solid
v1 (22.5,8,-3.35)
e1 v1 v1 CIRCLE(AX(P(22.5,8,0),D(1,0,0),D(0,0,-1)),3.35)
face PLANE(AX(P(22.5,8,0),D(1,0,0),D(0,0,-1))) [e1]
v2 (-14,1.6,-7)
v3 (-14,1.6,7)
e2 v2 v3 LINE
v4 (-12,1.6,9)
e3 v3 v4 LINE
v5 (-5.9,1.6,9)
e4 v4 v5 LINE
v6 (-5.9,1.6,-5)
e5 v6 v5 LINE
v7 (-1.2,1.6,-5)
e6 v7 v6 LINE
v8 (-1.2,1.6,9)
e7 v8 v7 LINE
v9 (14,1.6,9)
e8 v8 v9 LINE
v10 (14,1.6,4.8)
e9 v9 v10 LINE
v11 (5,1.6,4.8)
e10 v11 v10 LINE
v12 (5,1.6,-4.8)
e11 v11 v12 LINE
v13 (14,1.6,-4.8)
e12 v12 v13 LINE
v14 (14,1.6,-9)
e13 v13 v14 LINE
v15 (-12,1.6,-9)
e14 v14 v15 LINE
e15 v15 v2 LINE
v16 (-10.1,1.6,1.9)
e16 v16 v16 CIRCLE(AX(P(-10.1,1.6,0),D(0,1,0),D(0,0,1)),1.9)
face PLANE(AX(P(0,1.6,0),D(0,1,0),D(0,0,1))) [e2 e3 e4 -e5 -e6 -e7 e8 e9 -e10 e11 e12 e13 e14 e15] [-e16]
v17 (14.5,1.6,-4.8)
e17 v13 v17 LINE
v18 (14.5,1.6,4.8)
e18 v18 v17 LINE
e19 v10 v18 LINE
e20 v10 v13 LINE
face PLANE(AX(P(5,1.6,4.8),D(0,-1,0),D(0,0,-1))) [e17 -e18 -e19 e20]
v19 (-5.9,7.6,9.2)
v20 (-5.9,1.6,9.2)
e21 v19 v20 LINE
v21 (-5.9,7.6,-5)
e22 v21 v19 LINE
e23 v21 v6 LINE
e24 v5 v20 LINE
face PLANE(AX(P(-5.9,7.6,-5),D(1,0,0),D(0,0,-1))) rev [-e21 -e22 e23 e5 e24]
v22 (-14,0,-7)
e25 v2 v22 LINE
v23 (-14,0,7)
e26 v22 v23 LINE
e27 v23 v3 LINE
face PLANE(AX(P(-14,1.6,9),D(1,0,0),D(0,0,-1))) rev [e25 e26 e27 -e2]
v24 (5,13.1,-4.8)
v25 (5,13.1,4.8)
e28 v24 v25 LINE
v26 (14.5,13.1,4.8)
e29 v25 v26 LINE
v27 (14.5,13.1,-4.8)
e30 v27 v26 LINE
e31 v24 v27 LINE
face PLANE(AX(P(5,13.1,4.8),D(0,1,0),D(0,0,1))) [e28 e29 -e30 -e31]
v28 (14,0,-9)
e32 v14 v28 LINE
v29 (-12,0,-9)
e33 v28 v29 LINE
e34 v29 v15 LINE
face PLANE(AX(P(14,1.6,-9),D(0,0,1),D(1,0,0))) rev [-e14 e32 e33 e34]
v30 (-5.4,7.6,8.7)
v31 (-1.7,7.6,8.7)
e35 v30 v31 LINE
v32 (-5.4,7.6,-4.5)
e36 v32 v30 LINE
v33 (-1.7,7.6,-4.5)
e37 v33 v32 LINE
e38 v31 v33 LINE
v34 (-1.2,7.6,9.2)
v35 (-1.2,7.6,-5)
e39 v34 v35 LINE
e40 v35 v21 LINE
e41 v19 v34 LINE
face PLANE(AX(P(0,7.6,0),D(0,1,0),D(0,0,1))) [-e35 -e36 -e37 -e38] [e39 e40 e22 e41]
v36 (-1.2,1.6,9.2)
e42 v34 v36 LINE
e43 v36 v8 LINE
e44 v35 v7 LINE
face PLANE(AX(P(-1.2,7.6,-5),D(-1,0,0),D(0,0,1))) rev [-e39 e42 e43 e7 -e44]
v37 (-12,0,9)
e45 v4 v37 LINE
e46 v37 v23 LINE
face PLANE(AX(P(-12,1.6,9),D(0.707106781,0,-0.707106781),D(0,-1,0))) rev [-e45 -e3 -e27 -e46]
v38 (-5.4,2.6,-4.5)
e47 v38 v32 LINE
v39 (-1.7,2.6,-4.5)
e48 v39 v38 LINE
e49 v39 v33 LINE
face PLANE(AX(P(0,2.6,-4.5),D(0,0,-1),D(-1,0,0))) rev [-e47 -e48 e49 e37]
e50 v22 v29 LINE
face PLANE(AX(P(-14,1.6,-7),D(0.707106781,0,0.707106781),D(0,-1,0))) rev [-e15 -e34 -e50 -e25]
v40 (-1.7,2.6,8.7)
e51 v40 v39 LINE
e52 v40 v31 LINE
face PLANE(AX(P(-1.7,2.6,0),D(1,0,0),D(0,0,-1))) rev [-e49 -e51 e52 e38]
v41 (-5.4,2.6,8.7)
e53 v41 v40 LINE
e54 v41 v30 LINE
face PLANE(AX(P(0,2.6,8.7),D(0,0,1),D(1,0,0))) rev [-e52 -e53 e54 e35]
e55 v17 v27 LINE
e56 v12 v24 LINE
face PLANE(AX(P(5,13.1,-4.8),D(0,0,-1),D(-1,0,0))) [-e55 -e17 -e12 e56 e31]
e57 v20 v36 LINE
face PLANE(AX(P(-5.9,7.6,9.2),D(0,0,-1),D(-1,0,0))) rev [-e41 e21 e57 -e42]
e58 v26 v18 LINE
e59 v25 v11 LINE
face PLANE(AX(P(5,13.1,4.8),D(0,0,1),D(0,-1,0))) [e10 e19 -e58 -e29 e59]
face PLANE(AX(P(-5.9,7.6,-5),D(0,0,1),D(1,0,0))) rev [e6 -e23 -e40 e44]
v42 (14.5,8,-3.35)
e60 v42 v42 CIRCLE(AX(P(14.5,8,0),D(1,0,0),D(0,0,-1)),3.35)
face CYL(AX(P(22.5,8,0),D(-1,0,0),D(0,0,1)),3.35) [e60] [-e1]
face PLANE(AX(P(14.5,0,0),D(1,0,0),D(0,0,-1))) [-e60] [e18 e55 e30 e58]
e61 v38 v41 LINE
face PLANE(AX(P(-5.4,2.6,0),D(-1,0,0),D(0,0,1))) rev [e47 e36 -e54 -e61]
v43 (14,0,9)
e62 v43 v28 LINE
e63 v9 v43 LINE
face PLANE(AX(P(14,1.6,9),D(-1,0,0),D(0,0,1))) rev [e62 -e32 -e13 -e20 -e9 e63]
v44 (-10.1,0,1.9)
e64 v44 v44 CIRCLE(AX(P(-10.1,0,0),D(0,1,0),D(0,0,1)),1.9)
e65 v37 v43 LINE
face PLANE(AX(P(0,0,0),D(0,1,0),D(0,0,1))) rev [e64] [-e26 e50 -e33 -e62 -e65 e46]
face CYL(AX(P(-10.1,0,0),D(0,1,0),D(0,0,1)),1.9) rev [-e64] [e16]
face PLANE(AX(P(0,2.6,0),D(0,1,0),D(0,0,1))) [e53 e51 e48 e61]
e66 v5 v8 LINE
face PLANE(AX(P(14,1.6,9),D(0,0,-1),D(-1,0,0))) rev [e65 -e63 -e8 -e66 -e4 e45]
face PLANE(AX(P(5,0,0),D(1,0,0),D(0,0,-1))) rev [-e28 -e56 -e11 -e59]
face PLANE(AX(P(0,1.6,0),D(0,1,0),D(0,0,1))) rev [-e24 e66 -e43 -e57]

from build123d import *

# Parameters (mm, degrees)
SKETCH2_W                = 28
SKETCH2_H                = 18
BOSS_EXTRUDE1_DEPTH      = 1.6
BOSS_EXTRUDE2_DEPTH      = 0.5
BOSS_EXTRUDE2_DEPTH_BACK = 9
SKETCH4_W                = 9.6
SKETCH4_H                = 11.5
SKETCH5_R                = 3.35
BOSS_EXTRUDE3_DEPTH      = 8
SKETCH6_W                = 4.7
SKETCH6_H                = 14.2
BOSS_EXTRUDE4_DEPTH      = 6
SKETCH7_R                = 1.9
CUT_EXTRUDE1_DEPTH       = 27.891262521
CHAMFER1_SIZE            = 2
SKETCH8_W                = 3.7
SKETCH8_H                = 13.2
CUT_EXTRUDE2_DEPTH       = 5


with BuildPart() as part:
    # Sketch2 → Boss-Extrude1 (new body)
    with BuildSketch(Plane(origin=(0, 0, 0), x_dir=(1, 0, 0), z_dir=(0, 1, 0))):
        Rectangle(SKETCH2_W, SKETCH2_H)
    extrude(amount=BOSS_EXTRUDE1_DEPTH)

    # Sketch4 → Boss-Extrude2 (add, two sides: drawn at the far end of the back side and taken through both)
    with BuildSketch(Plane(origin=(14, 0, 0), x_dir=(0, 0, -1), z_dir=(1, 0, 0)).offset(-BOSS_EXTRUDE2_DEPTH_BACK)):
        with Locations((0, 7.35)):
            Rectangle(SKETCH4_W, SKETCH4_H)
    extrude(amount=BOSS_EXTRUDE2_DEPTH + BOSS_EXTRUDE2_DEPTH_BACK)

    # Sketch5 → Boss-Extrude3 (add)
    with BuildSketch(Plane(origin=(14.5, 0, 0), x_dir=(0, 0, -1), z_dir=(1, 0, 0))):
        with Locations((0, 8)):
            Circle(SKETCH5_R)
    extrude(amount=BOSS_EXTRUDE3_DEPTH)

    # Sketch6 → Boss-Extrude4 (add)
    with BuildSketch(Plane(origin=(0, 1.6, 0), x_dir=(1, 0, 0), z_dir=(0, 1, 0))):
        with Locations((-3.55, -2.1)):
            Rectangle(SKETCH6_W, SKETCH6_H)
    extrude(amount=BOSS_EXTRUDE4_DEPTH)

    # Sketch7 → Cut-Extrude1 (cut, through all)
    with BuildSketch(Plane(origin=(0, 1.6, 0), x_dir=(1, 0, 0), z_dir=(0, 1, 0))):
        with Locations(Location((-10.1, 0, 0), (0, 0, 270))):
            Circle(SKETCH7_R)
    extrude(amount=-CUT_EXTRUDE1_DEPTH, mode=Mode.SUBTRACT)

    # Chamfer1
    chamfer1_edges = [part.edges().sort_by_distance(p)[0] for p in [
        (-14, 0.8, -9),
        (-14, 0.8, 9),
    ]]
    chamfer(chamfer1_edges, length=CHAMFER1_SIZE)

    # Sketch8 → Cut-Extrude2 (cut)
    with BuildSketch(Plane(origin=(0, 7.6, 0), x_dir=(1, 0, 0), z_dir=(0, 1, 0))):
        with Locations((-3.55, -2.1)):
            Rectangle(SKETCH8_W, SKETCH8_H)
    extrude(amount=-CUT_EXTRUDE2_DEPTH, mode=Mode.SUBTRACT)


solid = part.part
